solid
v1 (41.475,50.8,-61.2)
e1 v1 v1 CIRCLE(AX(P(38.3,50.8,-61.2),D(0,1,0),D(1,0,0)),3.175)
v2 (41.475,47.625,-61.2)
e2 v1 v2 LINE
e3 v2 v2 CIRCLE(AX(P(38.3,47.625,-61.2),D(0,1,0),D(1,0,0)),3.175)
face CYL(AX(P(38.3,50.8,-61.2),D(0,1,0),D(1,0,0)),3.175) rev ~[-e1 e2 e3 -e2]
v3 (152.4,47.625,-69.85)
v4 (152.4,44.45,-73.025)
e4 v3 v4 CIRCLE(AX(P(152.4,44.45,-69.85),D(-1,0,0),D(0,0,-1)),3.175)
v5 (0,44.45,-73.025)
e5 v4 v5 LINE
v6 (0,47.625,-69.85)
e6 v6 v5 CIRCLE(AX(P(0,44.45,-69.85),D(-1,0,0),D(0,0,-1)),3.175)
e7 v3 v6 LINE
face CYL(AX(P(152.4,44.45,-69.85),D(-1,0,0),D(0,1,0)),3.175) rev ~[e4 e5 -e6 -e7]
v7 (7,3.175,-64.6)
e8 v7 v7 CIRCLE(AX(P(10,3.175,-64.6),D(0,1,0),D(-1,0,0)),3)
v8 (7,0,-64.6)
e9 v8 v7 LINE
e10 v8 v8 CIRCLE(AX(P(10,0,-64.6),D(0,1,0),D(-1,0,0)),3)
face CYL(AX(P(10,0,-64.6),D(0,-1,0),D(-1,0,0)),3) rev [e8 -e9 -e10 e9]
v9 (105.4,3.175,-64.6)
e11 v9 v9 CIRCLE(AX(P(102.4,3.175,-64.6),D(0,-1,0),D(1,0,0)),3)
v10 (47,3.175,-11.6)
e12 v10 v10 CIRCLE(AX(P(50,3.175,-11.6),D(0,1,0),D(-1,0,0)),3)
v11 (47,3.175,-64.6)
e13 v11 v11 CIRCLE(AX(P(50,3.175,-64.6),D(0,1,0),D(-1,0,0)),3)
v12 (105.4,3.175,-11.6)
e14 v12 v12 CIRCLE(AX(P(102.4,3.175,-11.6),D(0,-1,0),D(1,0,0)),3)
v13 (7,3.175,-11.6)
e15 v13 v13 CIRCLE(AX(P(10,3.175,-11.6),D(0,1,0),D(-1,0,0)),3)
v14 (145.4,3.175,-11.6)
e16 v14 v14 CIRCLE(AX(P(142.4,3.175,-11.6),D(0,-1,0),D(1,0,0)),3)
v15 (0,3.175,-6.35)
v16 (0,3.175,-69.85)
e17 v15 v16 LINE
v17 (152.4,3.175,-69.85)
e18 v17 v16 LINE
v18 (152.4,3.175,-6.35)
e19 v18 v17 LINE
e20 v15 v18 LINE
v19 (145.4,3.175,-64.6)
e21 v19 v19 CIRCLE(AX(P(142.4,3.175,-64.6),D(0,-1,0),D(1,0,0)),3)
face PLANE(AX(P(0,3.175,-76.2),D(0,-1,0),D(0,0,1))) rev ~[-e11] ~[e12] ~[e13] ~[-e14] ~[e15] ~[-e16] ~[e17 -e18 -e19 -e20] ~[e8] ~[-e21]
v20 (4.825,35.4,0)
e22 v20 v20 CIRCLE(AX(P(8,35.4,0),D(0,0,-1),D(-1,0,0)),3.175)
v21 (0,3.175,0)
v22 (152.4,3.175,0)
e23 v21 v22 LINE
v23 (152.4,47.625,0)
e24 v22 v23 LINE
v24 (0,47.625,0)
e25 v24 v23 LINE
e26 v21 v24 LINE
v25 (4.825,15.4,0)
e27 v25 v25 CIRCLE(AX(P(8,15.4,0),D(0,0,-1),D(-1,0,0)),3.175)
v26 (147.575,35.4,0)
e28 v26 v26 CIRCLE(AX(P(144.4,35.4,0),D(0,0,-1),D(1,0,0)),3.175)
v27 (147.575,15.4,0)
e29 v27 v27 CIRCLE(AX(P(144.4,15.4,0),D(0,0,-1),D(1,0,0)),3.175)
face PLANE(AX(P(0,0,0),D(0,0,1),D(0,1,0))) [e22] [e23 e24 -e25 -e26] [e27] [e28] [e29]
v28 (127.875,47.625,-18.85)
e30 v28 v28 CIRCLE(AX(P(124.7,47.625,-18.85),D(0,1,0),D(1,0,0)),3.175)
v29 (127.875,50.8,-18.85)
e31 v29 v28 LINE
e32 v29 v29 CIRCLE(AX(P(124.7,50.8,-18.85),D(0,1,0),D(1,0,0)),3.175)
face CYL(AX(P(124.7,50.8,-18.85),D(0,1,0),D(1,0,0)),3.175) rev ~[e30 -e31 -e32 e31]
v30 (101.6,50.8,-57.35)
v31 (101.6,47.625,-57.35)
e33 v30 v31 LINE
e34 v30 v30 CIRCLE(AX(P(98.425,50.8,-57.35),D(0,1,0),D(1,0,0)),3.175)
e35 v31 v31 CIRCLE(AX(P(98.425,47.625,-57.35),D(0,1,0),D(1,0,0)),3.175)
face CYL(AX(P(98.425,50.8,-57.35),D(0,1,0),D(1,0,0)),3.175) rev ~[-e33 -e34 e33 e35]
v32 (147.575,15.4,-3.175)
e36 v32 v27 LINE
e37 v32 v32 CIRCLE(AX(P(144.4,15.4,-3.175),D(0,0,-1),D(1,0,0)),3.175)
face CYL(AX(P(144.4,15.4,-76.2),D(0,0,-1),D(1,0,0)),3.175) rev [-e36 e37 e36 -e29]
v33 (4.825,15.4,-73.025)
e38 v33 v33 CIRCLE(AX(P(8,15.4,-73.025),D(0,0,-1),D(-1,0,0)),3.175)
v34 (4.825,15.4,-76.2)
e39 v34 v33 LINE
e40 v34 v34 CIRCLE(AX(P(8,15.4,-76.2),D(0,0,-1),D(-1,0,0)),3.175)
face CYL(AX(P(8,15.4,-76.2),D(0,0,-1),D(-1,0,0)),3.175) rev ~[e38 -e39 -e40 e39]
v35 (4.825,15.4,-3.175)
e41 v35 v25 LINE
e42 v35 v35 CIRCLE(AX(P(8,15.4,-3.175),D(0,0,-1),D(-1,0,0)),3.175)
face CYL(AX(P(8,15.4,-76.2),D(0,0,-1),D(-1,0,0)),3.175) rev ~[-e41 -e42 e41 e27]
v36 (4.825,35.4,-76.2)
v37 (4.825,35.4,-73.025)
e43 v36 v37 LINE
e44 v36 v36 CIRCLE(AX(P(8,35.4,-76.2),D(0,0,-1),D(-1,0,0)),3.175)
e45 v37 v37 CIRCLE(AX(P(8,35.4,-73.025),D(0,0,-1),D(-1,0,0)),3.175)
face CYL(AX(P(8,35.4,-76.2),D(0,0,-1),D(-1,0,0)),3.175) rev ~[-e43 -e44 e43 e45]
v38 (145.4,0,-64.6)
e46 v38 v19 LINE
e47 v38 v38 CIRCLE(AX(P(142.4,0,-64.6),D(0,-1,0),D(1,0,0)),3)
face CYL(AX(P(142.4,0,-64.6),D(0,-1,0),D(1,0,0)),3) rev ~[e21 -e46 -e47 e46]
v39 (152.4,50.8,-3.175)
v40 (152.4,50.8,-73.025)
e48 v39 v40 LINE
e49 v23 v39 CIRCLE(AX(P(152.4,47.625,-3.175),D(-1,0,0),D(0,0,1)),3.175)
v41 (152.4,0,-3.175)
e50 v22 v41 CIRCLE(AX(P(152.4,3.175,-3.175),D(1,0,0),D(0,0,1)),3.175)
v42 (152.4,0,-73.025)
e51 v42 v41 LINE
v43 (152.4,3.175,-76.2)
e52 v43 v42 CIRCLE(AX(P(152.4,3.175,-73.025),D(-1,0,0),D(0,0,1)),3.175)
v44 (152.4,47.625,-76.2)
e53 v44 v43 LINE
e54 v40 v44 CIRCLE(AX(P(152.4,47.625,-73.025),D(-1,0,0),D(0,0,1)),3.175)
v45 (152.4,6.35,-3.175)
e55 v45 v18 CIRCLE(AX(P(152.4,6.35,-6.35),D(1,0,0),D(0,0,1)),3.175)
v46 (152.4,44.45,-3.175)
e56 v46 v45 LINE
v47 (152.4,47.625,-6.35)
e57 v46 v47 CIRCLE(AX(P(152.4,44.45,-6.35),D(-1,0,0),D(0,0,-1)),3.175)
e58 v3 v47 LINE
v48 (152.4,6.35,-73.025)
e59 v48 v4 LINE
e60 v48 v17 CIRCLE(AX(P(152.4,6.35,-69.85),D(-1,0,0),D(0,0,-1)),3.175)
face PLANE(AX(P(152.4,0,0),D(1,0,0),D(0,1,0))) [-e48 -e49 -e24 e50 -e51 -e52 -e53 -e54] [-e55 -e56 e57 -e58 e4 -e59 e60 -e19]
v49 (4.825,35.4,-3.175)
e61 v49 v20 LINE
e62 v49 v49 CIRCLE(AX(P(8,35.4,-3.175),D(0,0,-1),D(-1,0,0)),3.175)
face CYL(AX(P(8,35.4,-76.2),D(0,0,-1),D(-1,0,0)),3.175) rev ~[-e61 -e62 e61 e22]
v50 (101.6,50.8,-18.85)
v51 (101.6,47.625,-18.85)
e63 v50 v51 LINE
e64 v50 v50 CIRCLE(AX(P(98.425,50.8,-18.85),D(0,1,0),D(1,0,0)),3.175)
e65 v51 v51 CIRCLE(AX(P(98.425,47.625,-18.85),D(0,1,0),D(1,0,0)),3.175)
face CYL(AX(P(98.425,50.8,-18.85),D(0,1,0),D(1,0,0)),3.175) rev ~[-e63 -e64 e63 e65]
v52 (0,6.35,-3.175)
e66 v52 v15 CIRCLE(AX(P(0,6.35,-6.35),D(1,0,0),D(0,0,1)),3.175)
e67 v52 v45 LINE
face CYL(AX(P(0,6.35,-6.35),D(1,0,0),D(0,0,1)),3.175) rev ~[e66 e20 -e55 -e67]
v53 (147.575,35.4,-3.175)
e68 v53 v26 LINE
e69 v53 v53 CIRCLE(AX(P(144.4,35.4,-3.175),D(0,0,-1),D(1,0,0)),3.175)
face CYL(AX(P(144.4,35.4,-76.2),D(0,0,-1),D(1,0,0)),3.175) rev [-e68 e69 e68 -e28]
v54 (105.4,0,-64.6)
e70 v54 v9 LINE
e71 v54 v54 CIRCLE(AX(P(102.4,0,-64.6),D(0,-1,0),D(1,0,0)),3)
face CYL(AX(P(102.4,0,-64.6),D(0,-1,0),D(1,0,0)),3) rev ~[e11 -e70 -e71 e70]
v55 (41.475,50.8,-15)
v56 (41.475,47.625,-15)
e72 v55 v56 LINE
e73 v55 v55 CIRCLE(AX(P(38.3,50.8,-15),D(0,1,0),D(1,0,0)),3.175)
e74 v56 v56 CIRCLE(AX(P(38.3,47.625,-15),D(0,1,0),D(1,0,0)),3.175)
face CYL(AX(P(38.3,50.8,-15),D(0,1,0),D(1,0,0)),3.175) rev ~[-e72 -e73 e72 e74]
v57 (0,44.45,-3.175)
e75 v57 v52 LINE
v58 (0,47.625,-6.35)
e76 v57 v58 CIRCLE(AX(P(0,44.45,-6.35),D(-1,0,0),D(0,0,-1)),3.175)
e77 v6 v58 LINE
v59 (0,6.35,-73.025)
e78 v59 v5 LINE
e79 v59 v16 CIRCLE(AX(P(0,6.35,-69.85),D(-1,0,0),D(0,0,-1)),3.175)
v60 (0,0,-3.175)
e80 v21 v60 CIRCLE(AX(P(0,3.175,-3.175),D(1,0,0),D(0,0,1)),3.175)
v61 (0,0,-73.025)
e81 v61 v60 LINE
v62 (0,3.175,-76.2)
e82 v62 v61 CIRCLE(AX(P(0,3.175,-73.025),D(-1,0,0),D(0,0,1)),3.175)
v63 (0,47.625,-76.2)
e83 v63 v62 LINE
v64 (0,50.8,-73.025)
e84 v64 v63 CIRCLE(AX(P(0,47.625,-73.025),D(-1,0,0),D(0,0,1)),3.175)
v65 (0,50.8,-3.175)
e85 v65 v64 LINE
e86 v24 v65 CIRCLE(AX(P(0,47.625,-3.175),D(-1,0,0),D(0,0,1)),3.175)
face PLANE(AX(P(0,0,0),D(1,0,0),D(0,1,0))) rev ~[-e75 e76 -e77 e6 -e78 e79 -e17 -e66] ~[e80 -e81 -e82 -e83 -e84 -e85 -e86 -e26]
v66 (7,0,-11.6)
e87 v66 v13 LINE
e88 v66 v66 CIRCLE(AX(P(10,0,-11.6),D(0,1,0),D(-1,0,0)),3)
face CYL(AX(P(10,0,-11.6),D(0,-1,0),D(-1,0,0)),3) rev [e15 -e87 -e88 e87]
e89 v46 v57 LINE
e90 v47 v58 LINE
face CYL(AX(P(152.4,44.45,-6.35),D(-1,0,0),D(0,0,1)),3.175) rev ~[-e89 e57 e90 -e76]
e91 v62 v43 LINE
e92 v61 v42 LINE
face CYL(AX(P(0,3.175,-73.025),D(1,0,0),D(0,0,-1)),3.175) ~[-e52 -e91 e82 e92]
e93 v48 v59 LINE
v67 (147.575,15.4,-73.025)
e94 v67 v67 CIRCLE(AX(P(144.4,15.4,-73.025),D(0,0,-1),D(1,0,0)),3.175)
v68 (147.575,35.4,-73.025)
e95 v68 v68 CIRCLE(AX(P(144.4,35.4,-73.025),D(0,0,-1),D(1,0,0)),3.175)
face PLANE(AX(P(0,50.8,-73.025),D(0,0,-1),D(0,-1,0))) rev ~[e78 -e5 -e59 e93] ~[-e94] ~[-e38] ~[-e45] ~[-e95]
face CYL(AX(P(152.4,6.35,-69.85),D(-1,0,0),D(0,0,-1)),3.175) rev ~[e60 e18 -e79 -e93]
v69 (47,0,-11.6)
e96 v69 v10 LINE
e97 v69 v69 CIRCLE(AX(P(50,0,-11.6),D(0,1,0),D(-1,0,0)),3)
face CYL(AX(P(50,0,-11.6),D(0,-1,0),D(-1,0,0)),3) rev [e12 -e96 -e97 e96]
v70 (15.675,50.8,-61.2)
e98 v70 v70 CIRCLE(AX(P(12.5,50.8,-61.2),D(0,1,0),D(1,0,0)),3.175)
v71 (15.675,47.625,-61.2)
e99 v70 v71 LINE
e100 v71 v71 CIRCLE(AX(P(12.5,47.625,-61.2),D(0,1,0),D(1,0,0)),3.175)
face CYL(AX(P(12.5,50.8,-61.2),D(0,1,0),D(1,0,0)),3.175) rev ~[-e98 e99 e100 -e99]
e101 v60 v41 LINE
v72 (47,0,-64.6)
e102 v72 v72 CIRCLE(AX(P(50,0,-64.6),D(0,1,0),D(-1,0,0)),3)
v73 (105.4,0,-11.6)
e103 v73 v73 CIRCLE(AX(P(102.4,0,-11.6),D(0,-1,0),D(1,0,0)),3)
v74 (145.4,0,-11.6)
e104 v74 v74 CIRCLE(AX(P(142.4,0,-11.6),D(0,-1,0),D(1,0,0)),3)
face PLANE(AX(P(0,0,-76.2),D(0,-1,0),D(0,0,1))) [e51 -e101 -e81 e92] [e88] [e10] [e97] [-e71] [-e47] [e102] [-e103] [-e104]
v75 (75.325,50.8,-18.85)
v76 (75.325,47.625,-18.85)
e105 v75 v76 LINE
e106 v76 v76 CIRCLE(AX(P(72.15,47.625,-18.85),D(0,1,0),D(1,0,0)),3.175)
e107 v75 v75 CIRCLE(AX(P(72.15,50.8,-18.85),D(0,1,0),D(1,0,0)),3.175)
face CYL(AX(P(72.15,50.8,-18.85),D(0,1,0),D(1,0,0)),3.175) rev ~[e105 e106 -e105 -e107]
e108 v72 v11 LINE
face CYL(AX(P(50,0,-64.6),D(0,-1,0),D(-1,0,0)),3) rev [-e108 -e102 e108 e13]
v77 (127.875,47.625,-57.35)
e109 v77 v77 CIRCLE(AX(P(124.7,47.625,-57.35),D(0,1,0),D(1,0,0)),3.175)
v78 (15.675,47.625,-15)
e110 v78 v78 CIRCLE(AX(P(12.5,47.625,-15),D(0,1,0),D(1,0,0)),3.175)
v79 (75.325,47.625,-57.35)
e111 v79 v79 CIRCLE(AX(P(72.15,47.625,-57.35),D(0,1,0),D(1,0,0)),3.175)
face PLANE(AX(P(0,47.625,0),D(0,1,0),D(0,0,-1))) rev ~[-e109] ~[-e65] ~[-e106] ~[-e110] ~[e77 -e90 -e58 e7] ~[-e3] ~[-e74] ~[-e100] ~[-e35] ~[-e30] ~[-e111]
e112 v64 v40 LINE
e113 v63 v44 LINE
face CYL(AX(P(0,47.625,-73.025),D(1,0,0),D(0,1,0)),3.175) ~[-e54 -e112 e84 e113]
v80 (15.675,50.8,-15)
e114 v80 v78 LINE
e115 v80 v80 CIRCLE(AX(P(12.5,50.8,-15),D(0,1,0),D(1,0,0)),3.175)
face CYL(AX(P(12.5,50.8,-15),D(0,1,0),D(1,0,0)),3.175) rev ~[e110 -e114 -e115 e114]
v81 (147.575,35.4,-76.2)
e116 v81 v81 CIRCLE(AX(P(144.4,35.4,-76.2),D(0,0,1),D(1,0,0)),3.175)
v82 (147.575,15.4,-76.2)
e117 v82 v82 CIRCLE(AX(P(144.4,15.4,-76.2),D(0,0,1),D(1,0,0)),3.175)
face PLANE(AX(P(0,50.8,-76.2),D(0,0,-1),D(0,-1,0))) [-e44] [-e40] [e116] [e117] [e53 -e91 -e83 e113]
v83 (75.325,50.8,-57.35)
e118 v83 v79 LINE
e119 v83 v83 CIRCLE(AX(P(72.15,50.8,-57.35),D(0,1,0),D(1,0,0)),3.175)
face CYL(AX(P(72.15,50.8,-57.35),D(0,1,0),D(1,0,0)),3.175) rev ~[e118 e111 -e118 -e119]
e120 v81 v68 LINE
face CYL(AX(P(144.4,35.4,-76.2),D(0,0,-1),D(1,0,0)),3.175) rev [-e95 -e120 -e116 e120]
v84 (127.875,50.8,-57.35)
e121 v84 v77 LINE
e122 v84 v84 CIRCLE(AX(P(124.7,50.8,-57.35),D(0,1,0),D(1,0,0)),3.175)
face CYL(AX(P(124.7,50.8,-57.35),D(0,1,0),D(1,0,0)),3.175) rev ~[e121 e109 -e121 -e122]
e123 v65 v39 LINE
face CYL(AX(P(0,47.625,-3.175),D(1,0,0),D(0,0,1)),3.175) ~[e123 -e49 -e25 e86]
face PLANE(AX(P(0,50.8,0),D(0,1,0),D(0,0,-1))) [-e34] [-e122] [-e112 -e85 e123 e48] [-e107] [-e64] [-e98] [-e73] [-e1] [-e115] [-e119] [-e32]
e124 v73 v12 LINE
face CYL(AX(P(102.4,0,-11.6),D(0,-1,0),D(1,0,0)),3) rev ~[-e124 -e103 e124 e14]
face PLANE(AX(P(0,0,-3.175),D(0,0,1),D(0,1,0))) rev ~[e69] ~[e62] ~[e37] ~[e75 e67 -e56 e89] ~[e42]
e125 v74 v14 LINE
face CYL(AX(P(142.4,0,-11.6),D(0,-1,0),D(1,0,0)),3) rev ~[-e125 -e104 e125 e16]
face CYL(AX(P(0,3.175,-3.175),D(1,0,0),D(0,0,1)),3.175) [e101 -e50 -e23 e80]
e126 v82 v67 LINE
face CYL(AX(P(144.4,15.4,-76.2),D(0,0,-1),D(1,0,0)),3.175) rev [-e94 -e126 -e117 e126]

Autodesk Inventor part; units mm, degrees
ref_plane "YZ Plane" through (0, 0, 0) normal (1, 0, 0) x (0, 1, 0)
ref_plane "XZ Plane" through (0, 0, 0) normal (0, 1, 0) x (-1, 0, 0)
sketch "Sketch1" plane through (0, 0, 0) normal (1, 0, 0) x (0, 1, 0)
  line L0 (0, 0) -> (50.8, 0)
  line L1 (50.8, 0) -> (50.8, -76.2)
  line L2 (50.8, -76.2) -> (0, -76.2)
  line L3 (0, -76.2) -> (0, 0)
  dimension "d0" = 76.2
  dimension "d1" = 50.8
extrude "Extrusion1" add sketch "Sketch1" along normal blind 152.4
shell "Shell1" thickness 3.175 removed faces 2 at (0, 33.8667, -50.8) at (152.4, 33.8667, -50.8)
fillet "Fillet1" radius 3.175 8 edges at (76.2, 50.8, -76.2) (76.2, 50.8, 0) (76.2, 0, -76.2) (76.2, 0, 0) (76.2, 3.175, -3.175) (76.2, 3.175, -73.025) (76.2, 47.625, -3.175) (76.2, 47.625, -73.025)
sketch "Sketch2" plane through (0, 0, -73.025) normal (0, -1, 0) x (1, 0, 0)
  circle A0 centre (142.4, 61.425) radius 3
  line L0 (142.4, 61.425) -> (102.4, 61.425) construction
  line L1 (102.4, 61.425) -> (102.4, 8.425) construction
  line L2 (102.4, 8.425) -> (142.4, 8.425) construction
  line L3 (142.4, 8.425) -> (142.4, 61.425) construction
  line L4 (152.4, 69.85) -> (152.4, 0) construction
  line L5 (152.4, 66.675) -> (152.4, 3.175) construction
  line L6 (152.4, 34.925) -> (142.4, 34.925) construction
  circle A1 centre (142.4, 8.425) radius 3
  circle A2 centre (102.4, 61.425) radius 3
  circle A3 centre (102.4, 8.425) radius 3
  point P0 (0, 73.025)
  dimension "d6" = 6
  dimension "d7" = 53
  dimension "d8" = 40
  dimension "d9" = 10
ref_plane "Work Plane1" through (76.2, 0, 0) normal (1, 0, 0) x (0, 0, -1)
extrude "Extrusion2" cut sketch "Sketch2" against normal up to surface (3.175 mm away)
mirror "Mirror1" about plane through (76.2, 0, 0) normal (1, 0, 0) of "Extrusion2"
sketch "Sketch3" plane through (0, 50.8, -3.175) normal (0, 1, 0) x (1, 0, 0)
  line L0 (12.5, 58.025) -> (38.3, 58.025) construction
  line L1 (38.3, 58.025) -> (38.3, 11.825) construction
  line L2 (38.3, 11.825) -> (12.5, 11.825) construction
  line L3 (12.5, 11.825) -> (12.5, 58.025) construction
  circle A0 centre (12.5, 58.025) radius 3.175
  circle A1 centre (38.3, 58.025) radius 3.175
  circle A2 centre (12.5, 11.825) radius 3.175
  circle A3 centre (38.3, 11.825) radius 3.175
  line L4 (0, -3.175) -> (50.8, -3.175) construction
  line L5 (50.8, -3.175) -> (50.8, 73.025) construction
  line L6 (50.8, 73.025) -> (0, 73.025) construction
  line L7 (0, 73.025) -> (0, -3.175) construction
  line L8 (38.3, 34.925) -> (50.8, 34.925) construction
  line L9 (25.4, 58.025) -> (25.4, 73.025) construction
  dimension "d12" = 6.35
  dimension "d13" = 50.8
  dimension "d14" = 76.2
  dimension "d16" = 15
  dimension "d17" = 12.5
extrude "Extrusion3" cut sketch "Sketch3" against normal up to surface (3.175 mm away)
sketch "Sketch4" plane through (0, 50.8, -3.175) normal (0, 1, 0) x (1, 0, 0)
  line L0 (50.8, -3.175) -> (152.4, -3.175) construction
  line L1 (152.4, -3.175) -> (152.4, 73.025) construction
  line L2 (152.4, 73.025) -> (50.8, 73.025) construction
  line L3 (50.8, 73.025) -> (50.8, -3.175) construction
  line L4 (152.4, 66.675) -> (50.8, 66.675) construction
  line L5 (50.8, 66.675) -> (50.8, 3.175) construction
  line L6 (50.8, 3.175) -> (152.4, 3.175) construction
  line L7 (152.4, 3.175) -> (152.4, 66.675) construction
  line L8 (101.6, 66.675) -> (101.6, 73.025) construction
  line L9 (101.6, 3.175) -> (101.6, -3.175) construction
  line L10 (72.15, 54.175) -> (124.7, 54.175) construction
  line L11 (124.7, 54.175) -> (124.7, 15.675) construction
  line L12 (124.7, 15.675) -> (72.15, 15.675) construction
  line L13 (72.15, 15.675) -> (72.15, 54.175) construction
  circle A0 centre (72.15, 54.175) radius 3.175
  circle A1 centre (72.15, 15.675) radius 3.175
  circle A2 centre (98.425, 15.675) radius 3.175
  circle A3 centre (98.425, 54.175) radius 3.175
  circle A4 centre (124.7, 54.175) radius 3.175
  circle A5 centre (124.7, 15.675) radius 3.175
  line L14 (57.15, 66.675) -> (57.15, 3.175) construction
  line L15 (57.15, 34.925) -> (72.15, 34.925) construction
  line L16 (124.7, 34.925) -> (139.7, 34.925) construction
  line L17 (139.7, 3.175) -> (139.7, 66.675) construction
  point P0 (0, -3.175)
  dimension "d20" = 101.6
  dimension "d21" = 76.2
  dimension "d22" = 50.8
  dimension "d23" = 63.5
  dimension "d24" = 6.35
  dimension "d25" = 6.35
  dimension "d26" = 12.5
  dimension "d27" = 15
  dimension "d31" = 88.9
extrude "Extrusion4" cut sketch "Sketch4" against normal up to surface (3.175 mm away)
sketch "Sketch5" plane through (0, 3.175, -76.2) normal (0, 0, -1) x (-1, 0, 0)
  circle A0 centre (-8, 32.225) radius 3.175
  circle A1 centre (-8, 12.225) radius 3.175
  line L0 (0, -3.175) -> (-16, -3.175) construction
  line L1 (-16, -3.175) -> (-16, 47.625) construction
  line L2 (-16, 47.625) -> (0, 47.625) construction
  line L3 (0, 47.625) -> (0, -3.175) construction
  line L4 (-8, 32.225) -> (-8, 47.625) construction
  line L5 (-8, 12.225) -> (-8, -3.175) construction
  dimension "d32" = 50.8
  dimension "d33" = 16
  dimension "d34" = 6.35
  dimension "d35" = 20
extrude "Extrusion5" cut sketch "Sketch5" against normal through all
mirror "Mirror2" about plane through (76.2, 0, 0) normal (1, 0, 0) of "Extrusion5"
equation "\"BendRadius\" = Thickness"
equation "\"BendReliefWidth\" = Thickness"
equation "\"BendReliefDepth\" = 0.5 * Thickness"
equation "\"CornerReliefSize\" = 4 * Thickness"
equation "\"MinimumRemnant\" = 2 * Thickness"
equation "\"TransitionRadius\" = BendRadius"
equation "\"JacobiRadiusSize\" = BendRadius"
equation "\"GapSize\" = Thickness"
equation "\"Thickness\" = 3.048"
properties part number "3x6_Bar" material "Steel, Mild"
